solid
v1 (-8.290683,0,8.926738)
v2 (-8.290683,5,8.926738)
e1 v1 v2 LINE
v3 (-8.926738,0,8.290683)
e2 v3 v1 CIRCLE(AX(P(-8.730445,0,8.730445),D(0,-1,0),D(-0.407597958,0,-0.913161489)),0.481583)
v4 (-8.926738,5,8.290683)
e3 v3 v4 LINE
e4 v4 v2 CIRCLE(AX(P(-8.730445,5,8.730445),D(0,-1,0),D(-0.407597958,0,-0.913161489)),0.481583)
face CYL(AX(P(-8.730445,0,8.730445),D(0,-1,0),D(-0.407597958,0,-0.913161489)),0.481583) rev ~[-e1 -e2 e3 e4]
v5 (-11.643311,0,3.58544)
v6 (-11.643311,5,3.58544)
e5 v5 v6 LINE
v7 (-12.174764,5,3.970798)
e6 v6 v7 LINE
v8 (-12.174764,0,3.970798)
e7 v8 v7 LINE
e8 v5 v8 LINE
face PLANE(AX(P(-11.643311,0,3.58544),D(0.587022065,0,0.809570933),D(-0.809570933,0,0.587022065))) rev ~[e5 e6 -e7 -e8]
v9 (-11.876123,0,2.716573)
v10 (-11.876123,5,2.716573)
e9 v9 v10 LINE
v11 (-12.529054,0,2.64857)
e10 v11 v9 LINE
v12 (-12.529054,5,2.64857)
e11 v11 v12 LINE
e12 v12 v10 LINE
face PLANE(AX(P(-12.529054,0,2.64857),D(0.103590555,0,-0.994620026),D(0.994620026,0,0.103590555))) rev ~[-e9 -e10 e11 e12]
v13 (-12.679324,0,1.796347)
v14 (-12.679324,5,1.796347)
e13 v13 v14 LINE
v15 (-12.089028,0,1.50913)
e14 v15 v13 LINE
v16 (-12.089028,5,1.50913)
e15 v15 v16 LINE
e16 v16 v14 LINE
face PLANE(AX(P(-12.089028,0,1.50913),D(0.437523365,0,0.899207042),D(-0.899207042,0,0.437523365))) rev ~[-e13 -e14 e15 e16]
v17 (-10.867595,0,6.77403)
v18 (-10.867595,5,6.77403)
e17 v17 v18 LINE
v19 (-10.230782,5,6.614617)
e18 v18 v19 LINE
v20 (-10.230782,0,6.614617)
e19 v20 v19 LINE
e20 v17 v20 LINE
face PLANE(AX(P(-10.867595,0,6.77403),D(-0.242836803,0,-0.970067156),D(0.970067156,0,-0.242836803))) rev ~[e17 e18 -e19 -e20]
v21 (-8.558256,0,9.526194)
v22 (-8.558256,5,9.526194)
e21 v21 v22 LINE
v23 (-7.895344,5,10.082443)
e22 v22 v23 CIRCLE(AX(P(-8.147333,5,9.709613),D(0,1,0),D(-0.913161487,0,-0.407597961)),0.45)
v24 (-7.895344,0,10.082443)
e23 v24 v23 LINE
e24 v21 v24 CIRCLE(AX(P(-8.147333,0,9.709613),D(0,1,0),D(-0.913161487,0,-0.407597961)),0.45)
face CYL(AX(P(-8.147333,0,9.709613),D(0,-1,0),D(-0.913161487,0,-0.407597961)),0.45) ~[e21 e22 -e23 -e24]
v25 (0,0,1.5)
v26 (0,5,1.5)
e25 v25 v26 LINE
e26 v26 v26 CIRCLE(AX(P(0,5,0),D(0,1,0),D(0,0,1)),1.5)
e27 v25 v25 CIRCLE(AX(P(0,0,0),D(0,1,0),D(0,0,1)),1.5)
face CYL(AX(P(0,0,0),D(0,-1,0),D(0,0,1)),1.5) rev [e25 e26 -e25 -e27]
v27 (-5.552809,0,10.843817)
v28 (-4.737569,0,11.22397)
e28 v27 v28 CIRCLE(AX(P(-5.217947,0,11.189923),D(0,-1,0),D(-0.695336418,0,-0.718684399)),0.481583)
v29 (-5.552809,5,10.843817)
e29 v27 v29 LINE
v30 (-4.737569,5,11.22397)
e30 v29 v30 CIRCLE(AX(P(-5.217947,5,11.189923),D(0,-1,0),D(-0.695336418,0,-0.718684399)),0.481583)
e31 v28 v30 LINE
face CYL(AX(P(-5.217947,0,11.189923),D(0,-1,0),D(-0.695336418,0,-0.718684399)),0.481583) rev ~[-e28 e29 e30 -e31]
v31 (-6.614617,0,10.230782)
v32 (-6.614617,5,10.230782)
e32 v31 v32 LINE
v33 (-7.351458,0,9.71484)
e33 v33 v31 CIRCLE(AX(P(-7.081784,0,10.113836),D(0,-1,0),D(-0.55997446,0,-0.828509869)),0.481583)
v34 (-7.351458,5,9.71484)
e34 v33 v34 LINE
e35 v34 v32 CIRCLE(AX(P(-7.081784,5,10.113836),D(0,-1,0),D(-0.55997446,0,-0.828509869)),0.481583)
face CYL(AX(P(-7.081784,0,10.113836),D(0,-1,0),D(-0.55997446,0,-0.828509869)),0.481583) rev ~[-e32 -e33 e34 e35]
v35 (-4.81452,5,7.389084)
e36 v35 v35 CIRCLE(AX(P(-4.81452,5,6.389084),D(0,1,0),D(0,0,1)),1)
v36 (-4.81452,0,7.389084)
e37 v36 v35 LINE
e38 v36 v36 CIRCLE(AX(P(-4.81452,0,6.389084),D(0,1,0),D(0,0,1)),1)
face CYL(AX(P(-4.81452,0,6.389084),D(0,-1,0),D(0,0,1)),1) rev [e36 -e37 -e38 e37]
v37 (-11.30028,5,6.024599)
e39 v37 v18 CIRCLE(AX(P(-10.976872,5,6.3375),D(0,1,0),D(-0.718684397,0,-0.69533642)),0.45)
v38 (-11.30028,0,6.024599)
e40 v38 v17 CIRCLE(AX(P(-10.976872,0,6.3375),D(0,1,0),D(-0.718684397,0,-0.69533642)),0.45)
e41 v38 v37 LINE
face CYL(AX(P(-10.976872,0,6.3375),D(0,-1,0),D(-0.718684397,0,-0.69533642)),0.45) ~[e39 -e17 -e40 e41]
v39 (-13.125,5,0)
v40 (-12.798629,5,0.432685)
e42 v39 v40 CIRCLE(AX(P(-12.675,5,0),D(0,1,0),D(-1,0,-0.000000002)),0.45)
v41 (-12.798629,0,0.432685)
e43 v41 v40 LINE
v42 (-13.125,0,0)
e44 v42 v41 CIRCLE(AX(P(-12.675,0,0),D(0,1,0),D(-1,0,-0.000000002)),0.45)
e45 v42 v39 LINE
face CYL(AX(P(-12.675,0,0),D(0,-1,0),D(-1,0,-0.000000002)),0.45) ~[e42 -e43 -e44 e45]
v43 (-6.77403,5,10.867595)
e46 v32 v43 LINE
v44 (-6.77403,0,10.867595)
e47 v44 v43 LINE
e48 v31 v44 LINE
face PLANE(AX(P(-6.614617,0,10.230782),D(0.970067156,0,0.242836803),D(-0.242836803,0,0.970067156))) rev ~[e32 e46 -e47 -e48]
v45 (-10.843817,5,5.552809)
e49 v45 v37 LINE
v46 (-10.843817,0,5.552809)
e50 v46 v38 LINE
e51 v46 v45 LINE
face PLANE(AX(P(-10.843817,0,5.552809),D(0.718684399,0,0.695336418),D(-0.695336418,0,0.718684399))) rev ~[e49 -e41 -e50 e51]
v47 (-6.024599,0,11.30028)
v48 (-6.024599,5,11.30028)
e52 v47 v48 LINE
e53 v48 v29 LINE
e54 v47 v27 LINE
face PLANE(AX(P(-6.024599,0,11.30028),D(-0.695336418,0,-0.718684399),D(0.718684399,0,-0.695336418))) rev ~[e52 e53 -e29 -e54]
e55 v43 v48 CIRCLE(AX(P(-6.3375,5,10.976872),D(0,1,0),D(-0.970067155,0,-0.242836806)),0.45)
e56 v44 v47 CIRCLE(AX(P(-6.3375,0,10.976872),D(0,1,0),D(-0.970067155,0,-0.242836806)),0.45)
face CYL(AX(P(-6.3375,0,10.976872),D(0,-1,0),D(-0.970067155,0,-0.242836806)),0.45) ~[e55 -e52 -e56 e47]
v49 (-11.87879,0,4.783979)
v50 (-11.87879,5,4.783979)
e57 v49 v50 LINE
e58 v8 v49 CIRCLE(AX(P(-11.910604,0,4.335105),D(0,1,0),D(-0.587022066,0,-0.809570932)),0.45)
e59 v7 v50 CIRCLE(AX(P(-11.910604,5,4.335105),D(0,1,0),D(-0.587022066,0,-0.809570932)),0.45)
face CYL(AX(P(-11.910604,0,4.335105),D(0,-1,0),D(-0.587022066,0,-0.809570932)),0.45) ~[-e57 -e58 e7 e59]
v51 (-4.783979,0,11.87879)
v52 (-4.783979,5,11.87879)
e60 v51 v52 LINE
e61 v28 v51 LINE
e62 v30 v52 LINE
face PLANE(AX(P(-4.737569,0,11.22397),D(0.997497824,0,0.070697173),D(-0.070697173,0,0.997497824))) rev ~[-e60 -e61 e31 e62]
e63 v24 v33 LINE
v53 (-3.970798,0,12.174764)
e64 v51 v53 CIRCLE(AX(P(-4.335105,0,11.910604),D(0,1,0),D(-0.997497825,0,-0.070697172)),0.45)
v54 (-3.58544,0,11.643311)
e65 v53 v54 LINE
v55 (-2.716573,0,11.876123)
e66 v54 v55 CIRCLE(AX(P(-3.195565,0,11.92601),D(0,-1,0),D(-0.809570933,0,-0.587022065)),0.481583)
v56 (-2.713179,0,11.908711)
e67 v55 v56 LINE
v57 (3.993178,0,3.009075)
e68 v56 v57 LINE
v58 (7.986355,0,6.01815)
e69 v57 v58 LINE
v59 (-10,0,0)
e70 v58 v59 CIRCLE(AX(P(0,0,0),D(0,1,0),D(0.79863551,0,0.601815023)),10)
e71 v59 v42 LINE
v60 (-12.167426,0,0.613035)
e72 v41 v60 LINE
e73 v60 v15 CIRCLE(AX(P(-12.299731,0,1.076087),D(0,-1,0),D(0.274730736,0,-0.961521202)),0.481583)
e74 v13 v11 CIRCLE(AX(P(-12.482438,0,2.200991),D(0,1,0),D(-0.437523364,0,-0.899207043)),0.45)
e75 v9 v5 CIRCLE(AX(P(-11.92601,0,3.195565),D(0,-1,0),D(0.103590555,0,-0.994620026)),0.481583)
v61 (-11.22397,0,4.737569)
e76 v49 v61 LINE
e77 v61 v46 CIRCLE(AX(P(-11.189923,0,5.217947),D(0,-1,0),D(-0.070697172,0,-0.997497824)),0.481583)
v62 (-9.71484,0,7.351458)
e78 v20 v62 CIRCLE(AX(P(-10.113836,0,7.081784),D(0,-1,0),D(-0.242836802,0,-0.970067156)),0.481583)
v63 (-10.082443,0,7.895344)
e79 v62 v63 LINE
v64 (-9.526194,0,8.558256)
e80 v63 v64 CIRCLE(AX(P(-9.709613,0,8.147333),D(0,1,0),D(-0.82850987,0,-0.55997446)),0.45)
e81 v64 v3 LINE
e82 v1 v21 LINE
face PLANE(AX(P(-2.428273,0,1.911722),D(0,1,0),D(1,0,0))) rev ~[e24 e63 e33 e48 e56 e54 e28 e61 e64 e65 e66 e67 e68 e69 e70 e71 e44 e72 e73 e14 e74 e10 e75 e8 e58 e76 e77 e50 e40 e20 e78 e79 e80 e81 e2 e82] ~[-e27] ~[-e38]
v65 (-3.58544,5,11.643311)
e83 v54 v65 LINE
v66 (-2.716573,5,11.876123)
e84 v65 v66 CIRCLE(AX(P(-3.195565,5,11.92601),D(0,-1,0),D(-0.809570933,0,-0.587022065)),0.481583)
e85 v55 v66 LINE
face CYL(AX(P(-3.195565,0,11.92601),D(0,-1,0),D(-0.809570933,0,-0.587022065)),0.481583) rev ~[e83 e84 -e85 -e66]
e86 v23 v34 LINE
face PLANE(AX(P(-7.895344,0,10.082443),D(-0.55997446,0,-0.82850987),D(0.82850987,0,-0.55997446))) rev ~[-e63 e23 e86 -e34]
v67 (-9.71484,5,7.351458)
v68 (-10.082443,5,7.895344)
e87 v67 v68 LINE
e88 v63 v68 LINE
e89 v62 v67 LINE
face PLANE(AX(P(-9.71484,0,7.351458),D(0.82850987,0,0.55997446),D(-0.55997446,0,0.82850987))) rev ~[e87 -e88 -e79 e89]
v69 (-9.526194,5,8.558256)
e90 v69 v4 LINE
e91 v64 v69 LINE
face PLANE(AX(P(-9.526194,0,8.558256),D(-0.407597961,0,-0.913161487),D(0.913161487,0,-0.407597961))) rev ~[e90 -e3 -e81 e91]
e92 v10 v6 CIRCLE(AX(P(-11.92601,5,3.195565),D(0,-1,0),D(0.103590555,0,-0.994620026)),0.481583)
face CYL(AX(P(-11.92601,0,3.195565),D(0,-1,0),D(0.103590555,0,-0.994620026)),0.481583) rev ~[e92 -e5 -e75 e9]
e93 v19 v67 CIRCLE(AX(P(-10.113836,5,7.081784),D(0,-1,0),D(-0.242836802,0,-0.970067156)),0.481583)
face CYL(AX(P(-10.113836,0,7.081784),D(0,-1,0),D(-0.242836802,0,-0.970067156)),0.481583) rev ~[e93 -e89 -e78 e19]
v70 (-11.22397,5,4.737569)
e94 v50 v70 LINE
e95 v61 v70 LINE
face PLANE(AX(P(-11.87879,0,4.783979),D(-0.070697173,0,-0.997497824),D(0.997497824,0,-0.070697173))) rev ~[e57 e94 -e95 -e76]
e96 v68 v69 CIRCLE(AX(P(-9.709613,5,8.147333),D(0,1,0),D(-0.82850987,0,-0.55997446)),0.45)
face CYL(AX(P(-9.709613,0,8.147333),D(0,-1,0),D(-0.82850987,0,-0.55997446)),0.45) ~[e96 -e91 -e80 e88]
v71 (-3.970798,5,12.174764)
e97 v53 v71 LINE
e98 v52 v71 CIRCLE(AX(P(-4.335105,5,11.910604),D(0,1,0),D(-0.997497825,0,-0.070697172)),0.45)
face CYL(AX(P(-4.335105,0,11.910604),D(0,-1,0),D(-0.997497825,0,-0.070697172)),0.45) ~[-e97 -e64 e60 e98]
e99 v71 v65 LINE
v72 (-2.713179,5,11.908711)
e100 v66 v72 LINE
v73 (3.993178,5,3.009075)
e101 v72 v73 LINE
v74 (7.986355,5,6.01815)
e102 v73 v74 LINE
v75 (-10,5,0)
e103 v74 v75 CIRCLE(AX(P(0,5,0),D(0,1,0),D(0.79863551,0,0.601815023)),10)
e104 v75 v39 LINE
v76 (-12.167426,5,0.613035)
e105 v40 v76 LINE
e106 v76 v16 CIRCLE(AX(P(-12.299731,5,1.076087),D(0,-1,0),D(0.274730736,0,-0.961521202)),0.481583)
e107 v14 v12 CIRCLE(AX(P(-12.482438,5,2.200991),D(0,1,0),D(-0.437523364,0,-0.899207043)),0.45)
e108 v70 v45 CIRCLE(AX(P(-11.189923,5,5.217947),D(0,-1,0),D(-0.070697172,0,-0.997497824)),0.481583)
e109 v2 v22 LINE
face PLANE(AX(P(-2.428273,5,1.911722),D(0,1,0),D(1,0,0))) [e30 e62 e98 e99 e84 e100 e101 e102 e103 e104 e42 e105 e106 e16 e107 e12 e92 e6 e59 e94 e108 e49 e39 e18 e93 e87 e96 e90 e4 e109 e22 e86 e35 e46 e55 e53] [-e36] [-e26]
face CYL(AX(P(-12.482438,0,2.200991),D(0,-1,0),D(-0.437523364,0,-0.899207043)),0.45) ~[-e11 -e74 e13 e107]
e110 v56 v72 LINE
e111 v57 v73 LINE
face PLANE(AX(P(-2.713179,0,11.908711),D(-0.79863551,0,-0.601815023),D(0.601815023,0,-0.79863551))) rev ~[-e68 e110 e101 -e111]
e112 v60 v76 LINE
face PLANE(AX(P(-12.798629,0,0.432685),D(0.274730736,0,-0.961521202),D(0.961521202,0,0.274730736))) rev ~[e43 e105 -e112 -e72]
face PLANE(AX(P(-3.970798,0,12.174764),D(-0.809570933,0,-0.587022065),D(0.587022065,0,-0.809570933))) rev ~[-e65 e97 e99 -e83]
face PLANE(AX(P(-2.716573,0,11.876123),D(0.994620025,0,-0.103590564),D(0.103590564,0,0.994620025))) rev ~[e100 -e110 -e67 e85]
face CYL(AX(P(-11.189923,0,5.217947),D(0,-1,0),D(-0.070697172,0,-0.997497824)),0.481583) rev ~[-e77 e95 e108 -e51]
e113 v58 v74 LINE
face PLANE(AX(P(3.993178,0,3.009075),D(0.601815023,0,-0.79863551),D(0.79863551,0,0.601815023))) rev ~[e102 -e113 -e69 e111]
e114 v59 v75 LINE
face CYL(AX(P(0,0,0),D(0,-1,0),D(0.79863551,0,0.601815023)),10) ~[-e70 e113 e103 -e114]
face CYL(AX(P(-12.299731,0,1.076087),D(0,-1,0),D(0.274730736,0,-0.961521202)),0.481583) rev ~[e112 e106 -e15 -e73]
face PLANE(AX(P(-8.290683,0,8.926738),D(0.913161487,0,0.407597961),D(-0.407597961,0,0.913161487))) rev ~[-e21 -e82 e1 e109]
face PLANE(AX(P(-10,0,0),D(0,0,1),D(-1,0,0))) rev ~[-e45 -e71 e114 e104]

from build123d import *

# Parameters (mm, degrees)
ESQUISSE1_R        = 1
ESQUISSE1_R_2      = 1.5
BOSS_EXTRU_1_DEPTH = 5


with BuildPart() as part:
    # Esquisse1 → Boss.-Extru.1 (new body)
    with BuildSketch(Plane(origin=(0, 0, 0), x_dir=(1, 0, 0), z_dir=(0, 1, 0))):
        with BuildLine():
            Line((3.99317755, -3.009075116), (7.9863551, -6.018150232))
            ThreePointArc((7.9863551, -6.018150232), (3.173046564, 9.483236552), (-10, 0))
            Line((-10, 0), (-13.125, 0))
            ThreePointArc((-13.125, 0), (-13.034258246, -0.270986186), (-12.798628832, -0.432684541))
            Line((-12.798628832, -0.432684541), (-12.167425855, -0.613035071))
            ThreePointArc((-12.167425855, -0.613035071), (-11.81998128, -1.034114365), (-12.089027739, -1.509129635))
            Line((-12.089027739, -1.509129635), (-12.679323783, -1.796347483))
            ThreePointArc((-12.679323783, -1.796347483), (-12.925601758, -2.279132332), (-12.529054019, -2.648569664))
            Line((-12.529054019, -2.648569664), (-11.876122893, -2.716573018))
            ThreePointArc((-11.876122893, -2.716573018), (-11.46083713, -3.070922054), (-11.643310633, -3.585440202))
            Line((-11.643310633, -3.585440202), (-12.174763898, -3.970798397))
            ThreePointArc((-12.174763898, -3.970798397), (-12.333465648, -4.489014381), (-11.878790241, -4.783979338))
            Line((-11.878790241, -4.783979338), (-11.223969947, -4.737569268))
            ThreePointArc((-11.223969947, -4.737569268), (-10.753461244, -5.01442133), (-10.843817425, -5.552808982))
            Line((-10.843817425, -5.552808982), (-11.300279972, -6.024598612))
            ThreePointArc((-11.300279972, -6.024598612), (-11.366583425, -6.5625), (-10.867595431, -6.77403022))
            Line((-10.867595431, -6.77403022), (-10.230782353, -6.614616873))
            ThreePointArc((-10.230782353, -6.614616873), (-9.719346879, -6.805559951), (-9.714840312, -7.351458472))
            Line((-9.714840312, -7.351458472), (-10.082442758, -7.895344446))
            ThreePointArc((-10.082442758, -7.895344446), (-10.054333316, -8.436587377), (-9.526194234, -8.558255622))
            Line((-9.526194234, -8.558255622), (-8.926737615, -8.290682691))
            ThreePointArc((-8.926737615, -8.290682691), (-8.389915077, -8.389915077), (-8.290682691, -8.926737615))
            Line((-8.290682691, -8.926737615), (-8.558255622, -9.526194234))
            ThreePointArc((-8.558255622, -9.526194234), (-8.436587377, -10.054333316), (-7.895344446, -10.082442758))
            Line((-7.895344446, -10.082442758), (-7.351458472, -9.714840312))
            ThreePointArc((-7.351458472, -9.714840312), (-6.805559951, -9.719346879), (-6.614616873, -10.230782353))
            Line((-6.614616873, -10.230782353), (-6.77403022, -10.867595431))
            ThreePointArc((-6.77403022, -10.867595431), (-6.5625, -11.366583425), (-6.024598612, -11.300279972))
            Line((-6.024598612, -11.300279972), (-5.552808982, -10.843817425))
            ThreePointArc((-5.552808982, -10.843817425), (-5.01442133, -10.753461244), (-4.737569268, -11.223969947))
            Line((-4.737569268, -11.223969947), (-4.783979338, -11.878790241))
            ThreePointArc((-4.783979338, -11.878790241), (-4.489014381, -12.333465648), (-3.970798397, -12.174763898))
            Line((-3.970798397, -12.174763898), (-3.585440202, -11.643310633))
            ThreePointArc((-3.585440202, -11.643310633), (-3.070922054, -11.46083713), (-2.716573018, -11.876122893))
            Line((-2.716573018, -11.876122893), (-2.713178959, -11.908710794))
            Line((-2.713178959, -11.908710794), (3.99317755, -3.009075116))
        make_face()
        with Locations(Location((-4.814520185, -6.38908408, 0), (0, 0, 270))):
            Circle(ESQUISSE1_R, mode=Mode.SUBTRACT)
        with Locations(Location((0, 0, 0), (0, 0, 270))):
            Circle(ESQUISSE1_R_2, mode=Mode.SUBTRACT)
    extrude(amount=BOSS_EXTRU_1_DEPTH)


solid = part.part
